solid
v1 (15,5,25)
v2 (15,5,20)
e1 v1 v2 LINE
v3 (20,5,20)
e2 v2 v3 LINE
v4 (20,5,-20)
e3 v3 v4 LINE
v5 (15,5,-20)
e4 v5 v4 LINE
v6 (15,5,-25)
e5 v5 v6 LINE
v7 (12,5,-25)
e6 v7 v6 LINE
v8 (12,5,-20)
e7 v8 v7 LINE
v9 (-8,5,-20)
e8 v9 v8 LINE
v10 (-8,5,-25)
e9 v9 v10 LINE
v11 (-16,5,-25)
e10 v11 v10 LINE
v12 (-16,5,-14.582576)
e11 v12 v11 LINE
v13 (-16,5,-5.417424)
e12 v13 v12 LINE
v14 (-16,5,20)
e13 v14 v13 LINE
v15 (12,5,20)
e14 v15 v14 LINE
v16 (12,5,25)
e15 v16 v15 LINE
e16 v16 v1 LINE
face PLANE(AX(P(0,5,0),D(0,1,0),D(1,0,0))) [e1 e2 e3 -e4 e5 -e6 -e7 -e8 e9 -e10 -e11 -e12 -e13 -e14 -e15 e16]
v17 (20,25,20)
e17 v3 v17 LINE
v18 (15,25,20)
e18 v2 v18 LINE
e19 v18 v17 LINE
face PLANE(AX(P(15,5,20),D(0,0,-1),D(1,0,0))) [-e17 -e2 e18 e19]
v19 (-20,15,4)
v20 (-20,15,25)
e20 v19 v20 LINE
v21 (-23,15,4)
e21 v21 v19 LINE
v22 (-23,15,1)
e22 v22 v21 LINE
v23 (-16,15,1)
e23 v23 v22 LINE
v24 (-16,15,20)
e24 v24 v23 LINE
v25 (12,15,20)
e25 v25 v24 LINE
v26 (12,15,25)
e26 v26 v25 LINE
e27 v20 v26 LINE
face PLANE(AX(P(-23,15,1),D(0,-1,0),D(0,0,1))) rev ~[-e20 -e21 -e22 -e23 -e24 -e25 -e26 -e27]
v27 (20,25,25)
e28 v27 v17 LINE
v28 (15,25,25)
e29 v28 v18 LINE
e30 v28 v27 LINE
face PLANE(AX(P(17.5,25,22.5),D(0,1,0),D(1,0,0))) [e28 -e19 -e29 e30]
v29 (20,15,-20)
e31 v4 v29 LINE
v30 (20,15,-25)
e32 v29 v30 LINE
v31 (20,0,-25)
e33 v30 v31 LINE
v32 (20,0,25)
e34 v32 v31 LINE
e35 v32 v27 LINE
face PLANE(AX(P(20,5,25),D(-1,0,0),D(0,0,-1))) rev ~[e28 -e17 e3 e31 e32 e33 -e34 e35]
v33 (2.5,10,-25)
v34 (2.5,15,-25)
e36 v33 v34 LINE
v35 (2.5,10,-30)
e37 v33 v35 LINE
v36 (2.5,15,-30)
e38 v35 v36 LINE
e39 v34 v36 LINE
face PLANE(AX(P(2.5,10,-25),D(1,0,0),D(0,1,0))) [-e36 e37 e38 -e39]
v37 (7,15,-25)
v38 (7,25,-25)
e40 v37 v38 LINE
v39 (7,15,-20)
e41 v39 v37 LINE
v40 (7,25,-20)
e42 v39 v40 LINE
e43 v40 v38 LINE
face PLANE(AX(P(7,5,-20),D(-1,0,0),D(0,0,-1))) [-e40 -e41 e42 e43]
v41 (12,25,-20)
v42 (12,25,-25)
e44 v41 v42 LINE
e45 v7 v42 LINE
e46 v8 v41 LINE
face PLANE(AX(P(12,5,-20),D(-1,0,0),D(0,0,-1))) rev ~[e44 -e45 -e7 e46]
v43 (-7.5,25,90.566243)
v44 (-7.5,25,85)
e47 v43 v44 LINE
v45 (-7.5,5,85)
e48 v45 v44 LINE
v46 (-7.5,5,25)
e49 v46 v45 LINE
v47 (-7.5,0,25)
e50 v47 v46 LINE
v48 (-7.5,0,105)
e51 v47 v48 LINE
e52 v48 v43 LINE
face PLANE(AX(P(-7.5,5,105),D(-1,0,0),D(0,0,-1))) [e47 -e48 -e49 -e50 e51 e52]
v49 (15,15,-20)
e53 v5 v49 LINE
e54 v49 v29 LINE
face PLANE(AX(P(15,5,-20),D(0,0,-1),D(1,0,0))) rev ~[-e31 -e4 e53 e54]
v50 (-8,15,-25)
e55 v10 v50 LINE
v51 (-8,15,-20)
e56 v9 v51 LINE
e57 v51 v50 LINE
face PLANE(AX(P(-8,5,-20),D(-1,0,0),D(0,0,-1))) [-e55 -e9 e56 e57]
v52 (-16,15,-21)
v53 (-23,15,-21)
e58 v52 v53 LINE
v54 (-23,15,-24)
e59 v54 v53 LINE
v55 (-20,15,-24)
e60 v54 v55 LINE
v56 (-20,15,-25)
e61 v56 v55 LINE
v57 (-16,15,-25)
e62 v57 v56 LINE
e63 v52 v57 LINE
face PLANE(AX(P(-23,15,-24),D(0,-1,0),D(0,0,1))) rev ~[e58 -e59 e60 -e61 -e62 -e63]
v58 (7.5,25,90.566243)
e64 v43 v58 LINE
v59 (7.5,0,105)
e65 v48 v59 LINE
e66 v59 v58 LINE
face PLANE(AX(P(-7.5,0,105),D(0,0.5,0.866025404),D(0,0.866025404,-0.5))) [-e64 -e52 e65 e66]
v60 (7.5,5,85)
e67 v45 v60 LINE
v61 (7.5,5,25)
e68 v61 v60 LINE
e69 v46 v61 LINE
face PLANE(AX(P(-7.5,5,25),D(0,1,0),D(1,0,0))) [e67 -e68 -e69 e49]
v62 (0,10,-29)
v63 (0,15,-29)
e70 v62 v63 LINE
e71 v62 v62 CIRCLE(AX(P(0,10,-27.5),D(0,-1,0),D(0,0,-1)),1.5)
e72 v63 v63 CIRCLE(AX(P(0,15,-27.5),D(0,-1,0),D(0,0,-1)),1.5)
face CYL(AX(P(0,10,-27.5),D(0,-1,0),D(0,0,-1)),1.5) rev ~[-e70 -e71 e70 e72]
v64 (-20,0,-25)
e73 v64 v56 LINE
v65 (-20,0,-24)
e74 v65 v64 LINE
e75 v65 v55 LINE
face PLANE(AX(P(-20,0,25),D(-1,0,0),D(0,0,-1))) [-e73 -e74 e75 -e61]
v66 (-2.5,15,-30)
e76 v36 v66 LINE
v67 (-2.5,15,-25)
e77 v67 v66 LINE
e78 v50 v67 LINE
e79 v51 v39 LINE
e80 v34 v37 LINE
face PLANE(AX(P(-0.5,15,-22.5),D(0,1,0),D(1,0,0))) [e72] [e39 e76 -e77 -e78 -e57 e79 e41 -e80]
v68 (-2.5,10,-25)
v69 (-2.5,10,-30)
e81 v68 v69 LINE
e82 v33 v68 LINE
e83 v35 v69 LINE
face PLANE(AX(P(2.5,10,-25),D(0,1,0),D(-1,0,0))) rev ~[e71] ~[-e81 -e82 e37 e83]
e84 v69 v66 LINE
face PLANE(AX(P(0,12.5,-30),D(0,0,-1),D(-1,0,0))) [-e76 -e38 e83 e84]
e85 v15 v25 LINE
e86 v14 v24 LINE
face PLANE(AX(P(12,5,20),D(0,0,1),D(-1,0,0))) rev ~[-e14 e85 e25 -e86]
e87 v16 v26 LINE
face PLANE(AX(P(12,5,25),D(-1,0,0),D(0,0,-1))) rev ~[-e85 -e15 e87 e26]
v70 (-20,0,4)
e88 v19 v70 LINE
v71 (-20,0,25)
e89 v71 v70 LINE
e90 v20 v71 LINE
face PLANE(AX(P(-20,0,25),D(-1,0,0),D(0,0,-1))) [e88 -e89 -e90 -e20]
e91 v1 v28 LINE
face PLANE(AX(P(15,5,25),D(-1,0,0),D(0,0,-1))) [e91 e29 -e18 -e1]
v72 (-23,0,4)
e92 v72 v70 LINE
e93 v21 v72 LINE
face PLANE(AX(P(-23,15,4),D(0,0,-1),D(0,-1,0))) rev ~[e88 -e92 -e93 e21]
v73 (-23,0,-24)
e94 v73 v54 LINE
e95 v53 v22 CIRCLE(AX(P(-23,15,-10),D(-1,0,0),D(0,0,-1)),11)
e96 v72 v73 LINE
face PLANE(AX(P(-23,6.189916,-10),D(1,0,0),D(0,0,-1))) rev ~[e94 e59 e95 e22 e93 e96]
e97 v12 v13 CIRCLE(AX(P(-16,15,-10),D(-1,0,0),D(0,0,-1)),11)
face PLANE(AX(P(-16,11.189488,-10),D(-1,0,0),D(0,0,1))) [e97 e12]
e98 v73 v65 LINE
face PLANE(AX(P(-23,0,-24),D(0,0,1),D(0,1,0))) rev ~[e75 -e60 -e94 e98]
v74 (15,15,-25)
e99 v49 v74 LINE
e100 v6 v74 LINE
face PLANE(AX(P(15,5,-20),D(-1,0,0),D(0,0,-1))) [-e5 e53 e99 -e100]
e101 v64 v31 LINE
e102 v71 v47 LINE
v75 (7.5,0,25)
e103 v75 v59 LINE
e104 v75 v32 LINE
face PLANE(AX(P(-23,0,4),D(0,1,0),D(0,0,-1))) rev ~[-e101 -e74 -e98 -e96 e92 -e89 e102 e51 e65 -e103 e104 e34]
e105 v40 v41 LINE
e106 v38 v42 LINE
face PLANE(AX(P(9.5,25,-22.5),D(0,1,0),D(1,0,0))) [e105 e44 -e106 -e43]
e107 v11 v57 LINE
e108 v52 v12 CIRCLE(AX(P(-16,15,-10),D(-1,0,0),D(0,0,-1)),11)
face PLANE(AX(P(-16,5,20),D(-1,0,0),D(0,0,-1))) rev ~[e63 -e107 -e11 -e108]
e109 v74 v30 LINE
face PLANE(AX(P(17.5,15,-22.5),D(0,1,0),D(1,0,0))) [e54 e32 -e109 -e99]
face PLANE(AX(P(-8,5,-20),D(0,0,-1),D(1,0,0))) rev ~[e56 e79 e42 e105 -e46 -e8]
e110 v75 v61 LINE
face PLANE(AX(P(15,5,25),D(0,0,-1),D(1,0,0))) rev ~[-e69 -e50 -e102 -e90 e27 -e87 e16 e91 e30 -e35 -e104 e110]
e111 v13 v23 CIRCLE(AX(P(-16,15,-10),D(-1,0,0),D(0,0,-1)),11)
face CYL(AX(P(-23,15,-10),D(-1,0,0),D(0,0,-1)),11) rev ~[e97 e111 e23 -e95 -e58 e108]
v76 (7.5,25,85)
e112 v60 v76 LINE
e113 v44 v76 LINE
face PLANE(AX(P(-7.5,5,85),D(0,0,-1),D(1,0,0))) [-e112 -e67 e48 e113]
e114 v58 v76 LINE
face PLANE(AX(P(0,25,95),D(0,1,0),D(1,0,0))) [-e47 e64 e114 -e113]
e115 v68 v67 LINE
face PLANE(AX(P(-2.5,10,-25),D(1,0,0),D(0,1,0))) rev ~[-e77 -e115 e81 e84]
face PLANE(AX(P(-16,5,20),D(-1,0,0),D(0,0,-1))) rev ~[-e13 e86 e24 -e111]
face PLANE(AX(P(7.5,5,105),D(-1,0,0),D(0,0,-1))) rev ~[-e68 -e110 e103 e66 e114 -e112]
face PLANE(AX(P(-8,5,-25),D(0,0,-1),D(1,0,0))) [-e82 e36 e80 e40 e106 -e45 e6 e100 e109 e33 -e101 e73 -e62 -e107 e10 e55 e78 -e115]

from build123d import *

# Parameters (mm, degrees)
SKETCH1_W            = 40
SKETCH1_H            = 50
BOSS_EXTRUDE1_DEPTH  = 5
SKETCH3_W            = 5
SKETCH3_H            = 5
BOSS_EXTRUDE5_DEPTH  = 20
SKETCH3_3_W          = 5
SKETCH3_3_H          = 5
SKETCH3_3_W_2        = 15
BOSS_EXTRUDE6_DEPTH  = 10
CUT_EXTRUDE3_DEPTH   = 4
BOSS_EXTRUDE9_START  = 3
BOSS_EXTRUDE9_DEPTH  = 3
SKETCH12_W           = 5
SKETCH12_H           = 5
BOSS_EXTRUDE10_DEPTH = 5
SKETCH13_R           = 1.5
CUT_EXTRUDE4_DEPTH   = 5
SKETCH14_W           = 15
SKETCH14_H           = 5
BOSS_EXTRUDE11_DEPTH = 80
SKETCH15_W           = 15
SKETCH15_H           = 20
BOSS_EXTRUDE13_DEPTH = 20
CUT_EXTRUDE7_DEPTH   = 15


with BuildPart() as part:
    # Sketch1 → Boss-Extrude1 (new body)
    with BuildSketch(Plane(origin=(0, 0, 0), x_dir=(1, 0, 0), z_dir=(0, 1, 0))):
        Rectangle(SKETCH1_W, SKETCH1_H)
    extrude(amount=BOSS_EXTRUDE1_DEPTH)

    # Sketch3 → Boss-Extrude5 (add)
    with BuildSketch(Plane(origin=(0, 5, 0), x_dir=(1, 0, 0), z_dir=(0, 1, 0))):
        with Locations((9.5, 22.5)):
            Rectangle(SKETCH3_W, SKETCH3_H)
        with Locations((17.5, -22.5)):
            Rectangle(SKETCH3_W, SKETCH3_H)
    extrude(amount=BOSS_EXTRUDE5_DEPTH)

    # Sketch3<3> → Boss-Extrude6 (add)
    with BuildSketch(Plane(origin=(0, 5, 0), x_dir=(1, 0, 0), z_dir=(0, 1, 0))):
        with Locations((17.5, 22.5)):
            Rectangle(SKETCH3_3_W, SKETCH3_3_H)
        with Locations((-0.5, 22.5)):
            Rectangle(SKETCH3_3_W_2, SKETCH3_3_H)
        Polygon((-16, -20), (-16, 25), (-20, 25), (-20, -25), (12, -25), (12, -20), align=None)
    extrude(amount=BOSS_EXTRUDE6_DEPTH)

    # Sketch8 → Cut-Extrude3 (cut)
    with BuildSketch(Plane.ZY.offset(20)):
        with BuildLine():
            Line((1, 15), (-21, 15))
            ThreePointArc((-21, 15), (-10, 4), (1, 15))
        make_face()
    extrude(amount=-CUT_EXTRUDE3_DEPTH, mode=Mode.SUBTRACT)

    # Sketch10 → Boss-Extrude9 (add)
    with BuildSketch(Plane.ZY.offset(20).offset(BOSS_EXTRUDE9_START)):
        with BuildLine():
            Line((1, 15), (4, 15))
            Line((4, 15), (4, 0))
            Line((4, 0), (-24, 0))
            Line((-24, 0), (-24, 15))
            Line((-24, 15), (-21, 15))
            ThreePointArc((-21, 15), (-10, 4), (1, 15))
        make_face()
    extrude(amount=-BOSS_EXTRUDE9_DEPTH)

    # Sketch12 → Boss-Extrude10 (add)
    with BuildSketch(Plane(origin=(0, 0, -25), x_dir=(-1, 0, 0), z_dir=(0, 0, -1))):
        with Locations((0, 12.5)):
            Rectangle(SKETCH12_W, SKETCH12_H)
    extrude(amount=BOSS_EXTRUDE10_DEPTH)

    # Sketch13 → Cut-Extrude4 (cut)
    with BuildSketch(Plane.XZ.offset(-10)):
        with Locations((0, -27.5)):
            Circle(SKETCH13_R)
    extrude(amount=-CUT_EXTRUDE4_DEPTH, mode=Mode.SUBTRACT)

    # Sketch14 → Boss-Extrude11 (add)
    with BuildSketch(Plane.XY.offset(25)):
        with Locations((0, 2.5)):
            Rectangle(SKETCH14_W, SKETCH14_H)
    extrude(amount=BOSS_EXTRUDE11_DEPTH)

    # Sketch15 → Boss-Extrude13 (add)
    with BuildSketch(Plane(origin=(0, 5, 0), x_dir=(1, 0, 0), z_dir=(0, 1, 0))):
        with Locations((0, -95)):
            Rectangle(SKETCH15_W, SKETCH15_H)
    extrude(amount=BOSS_EXTRUDE13_DEPTH)

    # Sketch18 → Cut-Extrude7 (cut)
    with BuildSketch(Plane.ZY.offset(7.5)):
        Polygon((105, 0), (90.56624327, 25), (105, 25), align=None)
    extrude(amount=-CUT_EXTRUDE7_DEPTH, mode=Mode.SUBTRACT)


solid = part.part
